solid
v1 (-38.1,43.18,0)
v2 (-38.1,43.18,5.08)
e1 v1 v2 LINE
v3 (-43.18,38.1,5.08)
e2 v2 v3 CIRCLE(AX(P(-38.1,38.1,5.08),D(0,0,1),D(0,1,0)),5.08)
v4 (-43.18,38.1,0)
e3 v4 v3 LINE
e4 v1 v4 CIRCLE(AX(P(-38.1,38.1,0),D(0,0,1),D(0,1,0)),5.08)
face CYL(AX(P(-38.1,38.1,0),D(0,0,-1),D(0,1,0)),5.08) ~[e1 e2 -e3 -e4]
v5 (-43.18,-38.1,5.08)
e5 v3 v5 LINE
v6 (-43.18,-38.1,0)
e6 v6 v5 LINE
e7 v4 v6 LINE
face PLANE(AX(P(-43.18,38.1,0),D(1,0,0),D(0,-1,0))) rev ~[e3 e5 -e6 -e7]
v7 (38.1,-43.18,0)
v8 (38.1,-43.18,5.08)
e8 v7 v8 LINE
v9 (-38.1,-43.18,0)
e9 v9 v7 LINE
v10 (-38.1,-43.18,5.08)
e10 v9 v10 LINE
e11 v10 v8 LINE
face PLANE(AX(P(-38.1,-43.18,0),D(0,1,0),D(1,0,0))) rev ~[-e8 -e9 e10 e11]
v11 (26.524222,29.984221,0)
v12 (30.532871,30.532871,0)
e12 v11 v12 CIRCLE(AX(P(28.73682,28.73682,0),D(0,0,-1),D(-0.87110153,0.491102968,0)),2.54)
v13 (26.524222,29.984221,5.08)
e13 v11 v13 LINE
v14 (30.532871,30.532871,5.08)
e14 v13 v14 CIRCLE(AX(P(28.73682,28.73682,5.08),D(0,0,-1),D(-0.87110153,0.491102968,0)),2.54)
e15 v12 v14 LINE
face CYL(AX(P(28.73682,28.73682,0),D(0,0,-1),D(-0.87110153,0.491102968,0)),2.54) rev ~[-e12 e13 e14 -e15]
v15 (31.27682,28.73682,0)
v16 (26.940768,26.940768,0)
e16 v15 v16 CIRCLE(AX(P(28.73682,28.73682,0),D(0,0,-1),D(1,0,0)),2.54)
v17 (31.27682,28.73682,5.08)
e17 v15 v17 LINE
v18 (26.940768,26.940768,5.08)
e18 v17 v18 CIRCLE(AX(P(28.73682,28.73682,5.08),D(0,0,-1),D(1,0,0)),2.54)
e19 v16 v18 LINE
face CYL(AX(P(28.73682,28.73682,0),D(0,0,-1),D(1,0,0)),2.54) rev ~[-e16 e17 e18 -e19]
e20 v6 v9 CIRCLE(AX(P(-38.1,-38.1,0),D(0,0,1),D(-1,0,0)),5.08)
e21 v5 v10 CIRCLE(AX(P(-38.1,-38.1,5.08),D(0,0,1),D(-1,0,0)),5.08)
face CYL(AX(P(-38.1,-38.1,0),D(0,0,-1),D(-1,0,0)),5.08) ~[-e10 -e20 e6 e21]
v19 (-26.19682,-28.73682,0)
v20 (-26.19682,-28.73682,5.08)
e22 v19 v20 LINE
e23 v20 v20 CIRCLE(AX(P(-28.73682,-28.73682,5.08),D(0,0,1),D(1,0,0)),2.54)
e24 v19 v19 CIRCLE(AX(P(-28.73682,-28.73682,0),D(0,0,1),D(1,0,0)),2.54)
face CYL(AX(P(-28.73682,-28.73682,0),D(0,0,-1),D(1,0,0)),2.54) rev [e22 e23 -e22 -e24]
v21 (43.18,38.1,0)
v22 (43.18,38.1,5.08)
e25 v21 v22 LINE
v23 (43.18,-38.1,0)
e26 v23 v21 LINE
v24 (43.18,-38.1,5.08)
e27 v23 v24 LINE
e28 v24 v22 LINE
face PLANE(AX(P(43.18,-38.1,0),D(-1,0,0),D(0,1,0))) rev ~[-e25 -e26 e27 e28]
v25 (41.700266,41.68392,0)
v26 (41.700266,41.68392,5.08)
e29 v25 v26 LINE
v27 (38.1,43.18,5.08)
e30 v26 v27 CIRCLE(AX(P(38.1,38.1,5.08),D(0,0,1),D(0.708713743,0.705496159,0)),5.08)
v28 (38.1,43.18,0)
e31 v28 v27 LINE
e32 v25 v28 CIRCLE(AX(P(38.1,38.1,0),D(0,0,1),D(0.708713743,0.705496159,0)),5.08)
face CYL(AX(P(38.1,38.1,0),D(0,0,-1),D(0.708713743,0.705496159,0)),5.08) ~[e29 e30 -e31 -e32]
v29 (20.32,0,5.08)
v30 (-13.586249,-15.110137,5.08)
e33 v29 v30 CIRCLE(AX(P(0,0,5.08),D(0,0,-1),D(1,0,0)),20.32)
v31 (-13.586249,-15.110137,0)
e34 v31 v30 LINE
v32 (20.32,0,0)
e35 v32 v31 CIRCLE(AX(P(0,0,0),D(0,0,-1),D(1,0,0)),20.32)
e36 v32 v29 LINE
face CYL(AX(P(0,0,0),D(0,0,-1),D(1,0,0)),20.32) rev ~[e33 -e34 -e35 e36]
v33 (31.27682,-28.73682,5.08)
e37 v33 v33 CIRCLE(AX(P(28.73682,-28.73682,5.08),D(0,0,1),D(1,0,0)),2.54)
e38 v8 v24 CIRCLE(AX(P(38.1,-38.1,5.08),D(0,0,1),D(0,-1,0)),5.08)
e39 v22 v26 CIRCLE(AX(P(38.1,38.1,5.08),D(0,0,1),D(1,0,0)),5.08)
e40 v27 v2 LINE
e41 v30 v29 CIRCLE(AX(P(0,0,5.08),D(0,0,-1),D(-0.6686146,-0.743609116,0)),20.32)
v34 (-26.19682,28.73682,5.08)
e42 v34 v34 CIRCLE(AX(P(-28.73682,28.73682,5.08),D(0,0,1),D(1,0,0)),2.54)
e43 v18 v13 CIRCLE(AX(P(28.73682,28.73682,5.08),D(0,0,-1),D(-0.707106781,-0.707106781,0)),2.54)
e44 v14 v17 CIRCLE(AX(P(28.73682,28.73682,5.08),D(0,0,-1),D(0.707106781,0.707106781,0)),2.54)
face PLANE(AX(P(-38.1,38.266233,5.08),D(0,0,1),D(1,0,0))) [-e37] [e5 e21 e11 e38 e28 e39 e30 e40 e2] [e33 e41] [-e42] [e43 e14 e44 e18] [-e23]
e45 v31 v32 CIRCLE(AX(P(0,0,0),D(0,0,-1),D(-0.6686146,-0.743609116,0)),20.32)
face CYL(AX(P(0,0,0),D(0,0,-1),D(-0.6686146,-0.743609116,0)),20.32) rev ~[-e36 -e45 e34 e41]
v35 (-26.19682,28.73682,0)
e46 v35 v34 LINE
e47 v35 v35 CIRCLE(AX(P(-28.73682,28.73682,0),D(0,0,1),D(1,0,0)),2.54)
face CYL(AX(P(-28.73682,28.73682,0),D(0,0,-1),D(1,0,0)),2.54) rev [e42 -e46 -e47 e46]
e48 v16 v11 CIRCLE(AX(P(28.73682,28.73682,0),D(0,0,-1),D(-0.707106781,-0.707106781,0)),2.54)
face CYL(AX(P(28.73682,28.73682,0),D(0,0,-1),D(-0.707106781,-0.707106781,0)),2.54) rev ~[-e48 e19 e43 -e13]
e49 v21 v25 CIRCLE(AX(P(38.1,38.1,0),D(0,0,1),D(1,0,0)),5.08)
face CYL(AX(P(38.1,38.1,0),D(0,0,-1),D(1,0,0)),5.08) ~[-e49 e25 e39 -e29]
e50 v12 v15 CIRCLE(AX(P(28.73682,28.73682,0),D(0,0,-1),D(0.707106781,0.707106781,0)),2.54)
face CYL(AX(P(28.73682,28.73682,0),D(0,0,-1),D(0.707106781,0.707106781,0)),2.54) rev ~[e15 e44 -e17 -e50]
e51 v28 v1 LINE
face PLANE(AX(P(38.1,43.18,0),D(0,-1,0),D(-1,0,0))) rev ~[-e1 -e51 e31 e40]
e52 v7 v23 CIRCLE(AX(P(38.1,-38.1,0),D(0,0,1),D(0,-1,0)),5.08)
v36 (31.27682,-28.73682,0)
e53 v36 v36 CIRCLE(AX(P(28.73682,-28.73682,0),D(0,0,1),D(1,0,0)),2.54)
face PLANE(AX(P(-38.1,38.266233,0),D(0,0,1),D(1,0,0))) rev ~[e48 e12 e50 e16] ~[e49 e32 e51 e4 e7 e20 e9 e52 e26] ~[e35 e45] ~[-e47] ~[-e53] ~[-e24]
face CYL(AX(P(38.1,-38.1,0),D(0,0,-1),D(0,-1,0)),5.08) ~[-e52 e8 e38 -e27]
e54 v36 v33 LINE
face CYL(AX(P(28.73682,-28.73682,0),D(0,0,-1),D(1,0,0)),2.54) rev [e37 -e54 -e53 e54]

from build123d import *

# Parameters (mm, degrees)
F0_R     = 2.54
F1_DEPTH = 5.08


with BuildPart() as f1:
    # F0 (on Top) → F1 (new body)
    with BuildSketch(Plane.XY):
        with BuildLine():
            ThreePointArc((-33.02, 38.1), (-34.5078975516, 41.6921024484), (-38.1, 43.18))
            ThreePointArc((-38.1, 43.18), (-41.6921024484, 41.6921024484), (-43.18, 38.1))
            ThreePointArc((-43.18, 38.1), (-38.1, 33.02), (-33.02, 38.1))
        make_face()
        with BuildLine():
            ThreePointArc((-43.18, -38.1), (-41.6921024484, -41.6921024484), (-38.1, -43.18))
            ThreePointArc((-38.1, -43.18), (-34.5078975516, -41.6921024484), (-33.02, -38.1))
            ThreePointArc((-33.02, -38.1), (-38.1, -33.02), (-43.18, -38.1))
        make_face()
        with BuildLine():
            Line((0, 43.18), (0, 38.1))
            Line((0, 38.1), (33.02, 38.1))
            ThreePointArc((33.02, 38.1), (34.5078975516, 41.6921024484), (38.1, 43.18))
            Line((38.1, 43.18), (0, 43.18))
        make_face()
        with BuildLine():
            Line((38.1, 33.02), (38.1, 0))
            Line((38.1, 0), (43.18, 0))
            Line((43.18, 0), (43.18, 38.1))
            ThreePointArc((43.18, 38.1), (41.6921024484, 34.5078975516), (38.1, 33.02))
        make_face()
        with BuildLine():
            Line((38.1, 38.1), (38.1, 33.02))
            ThreePointArc((38.1, 33.02), (41.6921024484, 34.5078975516), (43.18, 38.1))
            ThreePointArc((43.18, 38.1), (42.795516496, 40.0386915268), (41.7002658126, 41.68392049))
            Line((41.7002658126, 41.68392049), (38.1, 38.1))
        make_face()
        with BuildLine():
            ThreePointArc((38.1, 43.18), (34.5078975516, 41.6921024484), (33.02, 38.1))
            Line((33.02, 38.1), (38.1, 38.1))
            Line((38.1, 38.1), (41.7002658126, 41.68392049))
            ThreePointArc((41.7002658126, 41.68392049), (40.0493696303, 42.7910934807), (38.1, 43.18))
        make_face()
        with BuildLine():
            Line((38.1, 38.1), (33.02, 38.1))
            ThreePointArc((33.02, 38.1), (33.4066919748, 36.1559681636), (34.5078975516, 34.5078975516))
            Line((34.5078975516, 34.5078975516), (38.1, 38.1))
        make_face()
        with BuildLine():
            ThreePointArc((34.5078975516, 34.5078975516), (36.1559681636, 33.4066919748), (38.1, 33.02))
            Line((38.1, 33.02), (38.1, 38.1))
            Line((38.1, 38.1), (34.5078975516, 34.5078975516))
        make_face()
        with BuildLine():
            ThreePointArc((38.1, -43.18), (41.6921024484, -41.6921024484), (43.18, -38.1))
            ThreePointArc((43.18, -38.1), (34.5078975516, -34.5078975516), (38.1, -43.18))
        make_face()
        with BuildLine():
            Line((38.1, 0), (20.32, 0))
            ThreePointArc((20.32, 0), (8.2713308178, -18.5603740938), (-13.5862486715, -15.1101372275))
            ThreePointArc((-13.5862486715, -15.1101372275), (-18.9728804938, 7.2754522724), (0, 20.32))
            Line((0, 20.32), (0, 38.1))
            Line((0, 38.1), (0, 43.18))
            Line((0, 43.18), (-38.1, 43.18))
            ThreePointArc((-38.1, 43.18), (-34.5078975516, 41.6921024484), (-33.02, 38.1))
            ThreePointArc((-33.02, 38.1), (-38.1, 33.02), (-43.18, 38.1))
            Line((-43.18, 38.1), (-43.18, 0))
            Line((-43.18, 0), (-43.18, -38.1))
            ThreePointArc((-43.18, -38.1), (-38.1, -33.02), (-33.02, -38.1))
            ThreePointArc((-33.02, -38.1), (-34.5078975516, -41.6921024484), (-38.1, -43.18))
            Line((-38.1, -43.18), (0, -43.18))
            Line((0, -43.18), (38.1, -43.18))
            ThreePointArc((38.1, -43.18), (34.5078975516, -34.5078975516), (43.18, -38.1))
            Line((43.18, -38.1), (43.18, 0))
            Line((43.18, 0), (38.1, 0))
        make_face()
        with Locations((-28.7368195874, -28.7368195874)):
            Circle(F0_R, mode=Mode.SUBTRACT)
        with Locations((28.7368195874, -28.7368195874)):
            Circle(F0_R, mode=Mode.SUBTRACT)
        with Locations((-28.7368195874, 28.7368195874)):
            Circle(F0_R, mode=Mode.SUBTRACT)
        with BuildLine():
            ThreePointArc((14.3684097937, 14.3684097937), (18.7732321006, 7.7761273457), (20.32, 0))
            Line((20.32, 0), (38.1, 0))
            Line((38.1, 0), (38.1, 33.02))
            ThreePointArc((38.1, 33.02), (36.1559681636, 33.4066919748), (34.5078975516, 34.5078975516))
            Line((34.5078975516, 34.5078975516), (30.5328708116, 30.5328708116))
            ThreePointArc((30.5328708116, 30.5328708116), (31.0834736, 29.7088355056), (31.2768195874, 28.7368195874))
            ThreePointArc((31.2768195874, 28.7368195874), (29.7088355056, 26.3901655748), (26.9407683632, 26.9407683632))
            Line((26.9407683632, 26.9407683632), (14.3684097937, 14.3684097937))
        make_face()
        with BuildLine():
            Line((0, 38.1), (0, 20.32))
            ThreePointArc((0, 20.32), (7.7761273457, 18.7732321006), (14.3684097937, 14.3684097937))
            Line((14.3684097937, 14.3684097937), (26.9407683632, 26.9407683632))
            ThreePointArc((26.9407683632, 26.9407683632), (26.2202806744, 28.3923897696), (26.5242217024, 29.9842211264))
            ThreePointArc((26.5242217024, 29.9842211264), (28.3923897696, 31.2533585004), (30.5328708116, 30.5328708116))
            Line((30.5328708116, 30.5328708116), (34.5078975516, 34.5078975516))
            ThreePointArc((34.5078975516, 34.5078975516), (33.4066919748, 36.1559681636), (33.02, 38.1))
            Line((33.02, 38.1), (0, 38.1))
        make_face()
    extrude(amount=F1_DEPTH)


solid = f1.part
